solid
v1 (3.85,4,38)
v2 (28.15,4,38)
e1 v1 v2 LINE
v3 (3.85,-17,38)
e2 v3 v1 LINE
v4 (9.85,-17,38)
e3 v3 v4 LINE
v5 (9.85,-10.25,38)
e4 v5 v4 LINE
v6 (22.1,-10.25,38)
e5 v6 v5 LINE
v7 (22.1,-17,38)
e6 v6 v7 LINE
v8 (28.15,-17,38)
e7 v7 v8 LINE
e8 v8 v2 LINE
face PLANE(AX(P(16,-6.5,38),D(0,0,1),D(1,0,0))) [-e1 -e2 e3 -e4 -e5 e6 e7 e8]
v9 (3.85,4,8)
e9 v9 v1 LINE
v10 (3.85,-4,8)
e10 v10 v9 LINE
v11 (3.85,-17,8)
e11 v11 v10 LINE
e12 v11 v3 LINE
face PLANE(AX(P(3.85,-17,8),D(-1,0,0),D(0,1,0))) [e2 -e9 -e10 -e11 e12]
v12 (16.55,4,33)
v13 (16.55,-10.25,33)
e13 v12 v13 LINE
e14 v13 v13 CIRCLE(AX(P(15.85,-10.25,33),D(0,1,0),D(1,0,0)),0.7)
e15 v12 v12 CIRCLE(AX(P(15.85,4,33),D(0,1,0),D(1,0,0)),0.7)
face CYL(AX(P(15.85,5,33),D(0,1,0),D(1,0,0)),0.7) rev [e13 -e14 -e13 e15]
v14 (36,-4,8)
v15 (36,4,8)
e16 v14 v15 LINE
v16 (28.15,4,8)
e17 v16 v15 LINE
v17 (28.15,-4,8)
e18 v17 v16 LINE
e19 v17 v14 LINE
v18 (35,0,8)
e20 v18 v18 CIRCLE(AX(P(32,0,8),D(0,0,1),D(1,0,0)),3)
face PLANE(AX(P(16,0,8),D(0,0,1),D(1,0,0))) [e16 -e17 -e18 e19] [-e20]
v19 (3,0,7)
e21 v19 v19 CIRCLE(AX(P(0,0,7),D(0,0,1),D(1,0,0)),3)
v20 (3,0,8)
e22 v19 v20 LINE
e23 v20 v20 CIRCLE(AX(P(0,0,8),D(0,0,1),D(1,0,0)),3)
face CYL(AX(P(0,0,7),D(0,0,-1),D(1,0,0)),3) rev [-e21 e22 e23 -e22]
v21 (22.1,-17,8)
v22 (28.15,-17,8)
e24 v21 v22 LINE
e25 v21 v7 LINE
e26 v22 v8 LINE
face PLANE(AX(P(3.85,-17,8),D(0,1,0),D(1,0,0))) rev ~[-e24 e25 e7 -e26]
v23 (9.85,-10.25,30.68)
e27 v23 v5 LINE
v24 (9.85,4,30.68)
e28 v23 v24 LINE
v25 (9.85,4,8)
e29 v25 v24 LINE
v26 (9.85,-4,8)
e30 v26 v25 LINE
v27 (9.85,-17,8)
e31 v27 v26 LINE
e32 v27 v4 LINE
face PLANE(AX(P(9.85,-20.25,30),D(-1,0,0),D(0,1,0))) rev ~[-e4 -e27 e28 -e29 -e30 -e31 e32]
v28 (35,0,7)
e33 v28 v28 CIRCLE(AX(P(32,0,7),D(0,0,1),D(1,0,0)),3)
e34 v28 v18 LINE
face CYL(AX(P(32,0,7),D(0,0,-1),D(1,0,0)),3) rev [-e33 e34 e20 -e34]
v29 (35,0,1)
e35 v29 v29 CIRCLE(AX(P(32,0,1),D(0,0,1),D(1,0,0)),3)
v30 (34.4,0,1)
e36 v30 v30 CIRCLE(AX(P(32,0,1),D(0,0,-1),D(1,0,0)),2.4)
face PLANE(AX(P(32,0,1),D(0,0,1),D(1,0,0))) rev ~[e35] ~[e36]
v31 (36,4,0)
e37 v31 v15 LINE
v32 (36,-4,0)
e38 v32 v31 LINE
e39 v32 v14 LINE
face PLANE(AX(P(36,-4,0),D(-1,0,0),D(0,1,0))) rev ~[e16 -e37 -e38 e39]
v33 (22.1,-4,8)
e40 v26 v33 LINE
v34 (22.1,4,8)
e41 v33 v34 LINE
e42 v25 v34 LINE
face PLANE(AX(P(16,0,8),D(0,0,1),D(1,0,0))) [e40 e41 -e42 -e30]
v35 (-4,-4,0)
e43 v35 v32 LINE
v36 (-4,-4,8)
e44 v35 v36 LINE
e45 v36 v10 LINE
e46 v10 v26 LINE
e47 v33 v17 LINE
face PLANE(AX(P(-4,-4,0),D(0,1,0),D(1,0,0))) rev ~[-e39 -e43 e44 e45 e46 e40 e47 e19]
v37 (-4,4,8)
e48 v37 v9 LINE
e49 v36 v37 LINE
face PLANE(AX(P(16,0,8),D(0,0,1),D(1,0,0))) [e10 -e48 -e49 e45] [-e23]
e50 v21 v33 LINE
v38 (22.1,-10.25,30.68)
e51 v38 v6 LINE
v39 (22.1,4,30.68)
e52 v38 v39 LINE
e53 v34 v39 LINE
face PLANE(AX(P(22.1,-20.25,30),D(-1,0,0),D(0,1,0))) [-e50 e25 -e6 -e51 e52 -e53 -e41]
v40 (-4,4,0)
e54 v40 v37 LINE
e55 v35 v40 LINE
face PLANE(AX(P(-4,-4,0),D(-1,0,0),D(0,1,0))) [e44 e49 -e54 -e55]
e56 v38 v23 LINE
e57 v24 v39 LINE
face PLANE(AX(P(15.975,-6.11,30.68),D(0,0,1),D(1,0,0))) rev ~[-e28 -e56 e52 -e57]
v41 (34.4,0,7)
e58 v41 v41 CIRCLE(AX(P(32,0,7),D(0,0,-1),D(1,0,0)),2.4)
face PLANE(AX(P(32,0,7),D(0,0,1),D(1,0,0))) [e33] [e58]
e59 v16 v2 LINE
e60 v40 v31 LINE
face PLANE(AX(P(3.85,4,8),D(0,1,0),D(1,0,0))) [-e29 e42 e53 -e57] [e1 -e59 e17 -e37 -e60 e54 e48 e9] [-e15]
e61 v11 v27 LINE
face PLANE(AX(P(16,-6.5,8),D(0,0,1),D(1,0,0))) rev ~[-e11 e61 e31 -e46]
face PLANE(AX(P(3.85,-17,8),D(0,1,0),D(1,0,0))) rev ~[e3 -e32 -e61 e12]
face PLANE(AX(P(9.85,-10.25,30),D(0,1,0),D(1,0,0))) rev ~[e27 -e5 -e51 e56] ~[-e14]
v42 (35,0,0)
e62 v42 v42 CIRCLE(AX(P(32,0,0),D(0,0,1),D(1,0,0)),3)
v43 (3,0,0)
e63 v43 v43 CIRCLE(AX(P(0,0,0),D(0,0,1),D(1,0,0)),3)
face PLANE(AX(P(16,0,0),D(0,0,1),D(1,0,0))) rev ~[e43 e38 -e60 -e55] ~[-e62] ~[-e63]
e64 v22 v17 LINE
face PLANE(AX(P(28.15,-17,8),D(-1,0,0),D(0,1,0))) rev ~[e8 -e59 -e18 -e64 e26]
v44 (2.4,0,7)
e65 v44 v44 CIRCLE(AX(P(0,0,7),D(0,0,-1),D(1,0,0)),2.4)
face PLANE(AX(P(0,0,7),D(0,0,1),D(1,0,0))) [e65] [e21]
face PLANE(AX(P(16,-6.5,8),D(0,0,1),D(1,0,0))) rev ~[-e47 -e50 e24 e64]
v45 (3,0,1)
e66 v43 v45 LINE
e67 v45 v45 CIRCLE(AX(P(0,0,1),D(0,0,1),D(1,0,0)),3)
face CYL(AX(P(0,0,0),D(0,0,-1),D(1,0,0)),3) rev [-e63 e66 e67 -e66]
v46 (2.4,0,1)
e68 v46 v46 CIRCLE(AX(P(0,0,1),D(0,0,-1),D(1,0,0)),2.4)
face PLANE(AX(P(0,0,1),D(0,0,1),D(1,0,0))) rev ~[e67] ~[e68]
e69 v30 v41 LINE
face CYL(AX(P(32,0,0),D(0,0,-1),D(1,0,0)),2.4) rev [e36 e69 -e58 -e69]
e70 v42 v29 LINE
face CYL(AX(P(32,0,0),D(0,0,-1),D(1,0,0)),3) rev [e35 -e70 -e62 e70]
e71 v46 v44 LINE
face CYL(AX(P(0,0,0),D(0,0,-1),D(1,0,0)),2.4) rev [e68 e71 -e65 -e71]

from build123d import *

# Parameters (mm, degrees)
CYLINDER009_R     = 0.7
CYLINDER009_DEPTH = 16
BOX010_W          = 12.25
BOX010_H          = 10
BOX010_DEPTH      = 10
BOX009_W          = 12.25
BOX009_H          = 23.78
BOX009_DEPTH      = 22.68
BOX011_W          = 24.3
BOX011_H          = 21
BOX011_DEPTH      = 30
CYLINDER012_R     = 3
CYLINDER012_DEPTH = 1
CYLINDER013_R     = 2.4
CYLINDER013_DEPTH = 8
CYLINDER011_R     = 3
CYLINDER011_DEPTH = 1
ARRAY_X_COUNT     = 2
ARRAY_X_PITCH     = 32
BOX012_W          = 40
BOX012_H          = 8
BOX012_DEPTH      = 8


with BuildPart() as cylinder009:
    # Cylinder009 → Cylinder009 (new body)
    with BuildSketch(Plane(origin=(6, 22, 25), x_dir=(1, 0, 0), z_dir=(0, -1, 0))):
        Circle(CYLINDER009_R)
    extrude(amount=CYLINDER009_DEPTH)


with BuildPart() as cube006:
    # Box010 → Box010 (new body)
    with BuildSketch(Plane(origin=(0, -3.25, 22), x_dir=(1, 0, 0), z_dir=(0, 0, 1))):
        with Locations((6.125, 5)):
            Rectangle(BOX010_W, BOX010_H)
    extrude(amount=BOX010_DEPTH)


with BuildPart() as servo004:
    # Box009 → Box009 (new body)
    with BuildSketch(Plane(origin=(0, -1, 0), x_dir=(1, 0, 0), z_dir=(0, 0, 1))):
        with Locations((6.125, 11.89)):
            Rectangle(BOX009_W, BOX009_H)
    extrude(amount=BOX009_DEPTH)

    # Fusion007: union Cube006
    add(cube006.part)


with BuildPart() as fusion008:
    # Fusion008 base: copy of Cube006
    add(cube006.part)

    # Fusion008: union servo004
    add(servo004.part)


with BuildPart() as box:
    # Box011 → Box011 (new body)
    with BuildSketch(Plane(origin=(-6, 0, 0), x_dir=(1, 0, 0), z_dir=(0, 0, 1))):
        with Locations((12.15, 10.5)):
            Rectangle(BOX011_W, BOX011_H)
    extrude(amount=BOX011_DEPTH)

    # Cut006: cut Fusion008
    add(fusion008.part, mode=Mode.SUBTRACT)

    # Cut007: cut Cylinder009
    add(cylinder009.part, mode=Mode.SUBTRACT)


with BuildPart() as box_1:
    # Cut007 placement: moved
    add(box.part.moved(Location((9.85, -17, 8))))


with BuildPart() as cylinder012:
    # Cylinder012 → Cylinder012 (new body)
    with BuildSketch(Plane.XY.offset(7)):
        Circle(CYLINDER012_R)
    extrude(amount=CYLINDER012_DEPTH)


with BuildPart() as cylinder013:
    # Cylinder013 → Cylinder013 (new body)
    with BuildSketch(Plane.XY):
        Circle(CYLINDER013_R)
    extrude(amount=CYLINDER013_DEPTH)


with BuildPart() as array:
    # Cylinder011 → Cylinder011 (new body)
    with BuildSketch(Plane.XY):
        Circle(CYLINDER011_R)
    extrude(amount=CYLINDER011_DEPTH)

    # Fusion009: union Cylinder012, Cylinder013
    add(cylinder012.part)
    add(cylinder013.part)

    # Array X: Array ×2


with BuildPart() as array_1:
    add(array.part)
    with Locations(*[(i * ARRAY_X_PITCH, 0, 0) for i in range(1, ARRAY_X_COUNT)]):
        add(array.part)


with BuildPart() as fusion010:
    # Box012 → Box012 (new body)
    with BuildSketch(Plane(origin=(-4, -4, 0), x_dir=(1, 0, 0), z_dir=(0, 0, 1))):
        with Locations((20, 4)):
            Rectangle(BOX012_W, BOX012_H)
    extrude(amount=BOX012_DEPTH)

    # Cut008: cut Array
    add(array_1.part, mode=Mode.SUBTRACT)

    # Fusion010: union box
    add(box_1.part)


solid = fusion010.part
